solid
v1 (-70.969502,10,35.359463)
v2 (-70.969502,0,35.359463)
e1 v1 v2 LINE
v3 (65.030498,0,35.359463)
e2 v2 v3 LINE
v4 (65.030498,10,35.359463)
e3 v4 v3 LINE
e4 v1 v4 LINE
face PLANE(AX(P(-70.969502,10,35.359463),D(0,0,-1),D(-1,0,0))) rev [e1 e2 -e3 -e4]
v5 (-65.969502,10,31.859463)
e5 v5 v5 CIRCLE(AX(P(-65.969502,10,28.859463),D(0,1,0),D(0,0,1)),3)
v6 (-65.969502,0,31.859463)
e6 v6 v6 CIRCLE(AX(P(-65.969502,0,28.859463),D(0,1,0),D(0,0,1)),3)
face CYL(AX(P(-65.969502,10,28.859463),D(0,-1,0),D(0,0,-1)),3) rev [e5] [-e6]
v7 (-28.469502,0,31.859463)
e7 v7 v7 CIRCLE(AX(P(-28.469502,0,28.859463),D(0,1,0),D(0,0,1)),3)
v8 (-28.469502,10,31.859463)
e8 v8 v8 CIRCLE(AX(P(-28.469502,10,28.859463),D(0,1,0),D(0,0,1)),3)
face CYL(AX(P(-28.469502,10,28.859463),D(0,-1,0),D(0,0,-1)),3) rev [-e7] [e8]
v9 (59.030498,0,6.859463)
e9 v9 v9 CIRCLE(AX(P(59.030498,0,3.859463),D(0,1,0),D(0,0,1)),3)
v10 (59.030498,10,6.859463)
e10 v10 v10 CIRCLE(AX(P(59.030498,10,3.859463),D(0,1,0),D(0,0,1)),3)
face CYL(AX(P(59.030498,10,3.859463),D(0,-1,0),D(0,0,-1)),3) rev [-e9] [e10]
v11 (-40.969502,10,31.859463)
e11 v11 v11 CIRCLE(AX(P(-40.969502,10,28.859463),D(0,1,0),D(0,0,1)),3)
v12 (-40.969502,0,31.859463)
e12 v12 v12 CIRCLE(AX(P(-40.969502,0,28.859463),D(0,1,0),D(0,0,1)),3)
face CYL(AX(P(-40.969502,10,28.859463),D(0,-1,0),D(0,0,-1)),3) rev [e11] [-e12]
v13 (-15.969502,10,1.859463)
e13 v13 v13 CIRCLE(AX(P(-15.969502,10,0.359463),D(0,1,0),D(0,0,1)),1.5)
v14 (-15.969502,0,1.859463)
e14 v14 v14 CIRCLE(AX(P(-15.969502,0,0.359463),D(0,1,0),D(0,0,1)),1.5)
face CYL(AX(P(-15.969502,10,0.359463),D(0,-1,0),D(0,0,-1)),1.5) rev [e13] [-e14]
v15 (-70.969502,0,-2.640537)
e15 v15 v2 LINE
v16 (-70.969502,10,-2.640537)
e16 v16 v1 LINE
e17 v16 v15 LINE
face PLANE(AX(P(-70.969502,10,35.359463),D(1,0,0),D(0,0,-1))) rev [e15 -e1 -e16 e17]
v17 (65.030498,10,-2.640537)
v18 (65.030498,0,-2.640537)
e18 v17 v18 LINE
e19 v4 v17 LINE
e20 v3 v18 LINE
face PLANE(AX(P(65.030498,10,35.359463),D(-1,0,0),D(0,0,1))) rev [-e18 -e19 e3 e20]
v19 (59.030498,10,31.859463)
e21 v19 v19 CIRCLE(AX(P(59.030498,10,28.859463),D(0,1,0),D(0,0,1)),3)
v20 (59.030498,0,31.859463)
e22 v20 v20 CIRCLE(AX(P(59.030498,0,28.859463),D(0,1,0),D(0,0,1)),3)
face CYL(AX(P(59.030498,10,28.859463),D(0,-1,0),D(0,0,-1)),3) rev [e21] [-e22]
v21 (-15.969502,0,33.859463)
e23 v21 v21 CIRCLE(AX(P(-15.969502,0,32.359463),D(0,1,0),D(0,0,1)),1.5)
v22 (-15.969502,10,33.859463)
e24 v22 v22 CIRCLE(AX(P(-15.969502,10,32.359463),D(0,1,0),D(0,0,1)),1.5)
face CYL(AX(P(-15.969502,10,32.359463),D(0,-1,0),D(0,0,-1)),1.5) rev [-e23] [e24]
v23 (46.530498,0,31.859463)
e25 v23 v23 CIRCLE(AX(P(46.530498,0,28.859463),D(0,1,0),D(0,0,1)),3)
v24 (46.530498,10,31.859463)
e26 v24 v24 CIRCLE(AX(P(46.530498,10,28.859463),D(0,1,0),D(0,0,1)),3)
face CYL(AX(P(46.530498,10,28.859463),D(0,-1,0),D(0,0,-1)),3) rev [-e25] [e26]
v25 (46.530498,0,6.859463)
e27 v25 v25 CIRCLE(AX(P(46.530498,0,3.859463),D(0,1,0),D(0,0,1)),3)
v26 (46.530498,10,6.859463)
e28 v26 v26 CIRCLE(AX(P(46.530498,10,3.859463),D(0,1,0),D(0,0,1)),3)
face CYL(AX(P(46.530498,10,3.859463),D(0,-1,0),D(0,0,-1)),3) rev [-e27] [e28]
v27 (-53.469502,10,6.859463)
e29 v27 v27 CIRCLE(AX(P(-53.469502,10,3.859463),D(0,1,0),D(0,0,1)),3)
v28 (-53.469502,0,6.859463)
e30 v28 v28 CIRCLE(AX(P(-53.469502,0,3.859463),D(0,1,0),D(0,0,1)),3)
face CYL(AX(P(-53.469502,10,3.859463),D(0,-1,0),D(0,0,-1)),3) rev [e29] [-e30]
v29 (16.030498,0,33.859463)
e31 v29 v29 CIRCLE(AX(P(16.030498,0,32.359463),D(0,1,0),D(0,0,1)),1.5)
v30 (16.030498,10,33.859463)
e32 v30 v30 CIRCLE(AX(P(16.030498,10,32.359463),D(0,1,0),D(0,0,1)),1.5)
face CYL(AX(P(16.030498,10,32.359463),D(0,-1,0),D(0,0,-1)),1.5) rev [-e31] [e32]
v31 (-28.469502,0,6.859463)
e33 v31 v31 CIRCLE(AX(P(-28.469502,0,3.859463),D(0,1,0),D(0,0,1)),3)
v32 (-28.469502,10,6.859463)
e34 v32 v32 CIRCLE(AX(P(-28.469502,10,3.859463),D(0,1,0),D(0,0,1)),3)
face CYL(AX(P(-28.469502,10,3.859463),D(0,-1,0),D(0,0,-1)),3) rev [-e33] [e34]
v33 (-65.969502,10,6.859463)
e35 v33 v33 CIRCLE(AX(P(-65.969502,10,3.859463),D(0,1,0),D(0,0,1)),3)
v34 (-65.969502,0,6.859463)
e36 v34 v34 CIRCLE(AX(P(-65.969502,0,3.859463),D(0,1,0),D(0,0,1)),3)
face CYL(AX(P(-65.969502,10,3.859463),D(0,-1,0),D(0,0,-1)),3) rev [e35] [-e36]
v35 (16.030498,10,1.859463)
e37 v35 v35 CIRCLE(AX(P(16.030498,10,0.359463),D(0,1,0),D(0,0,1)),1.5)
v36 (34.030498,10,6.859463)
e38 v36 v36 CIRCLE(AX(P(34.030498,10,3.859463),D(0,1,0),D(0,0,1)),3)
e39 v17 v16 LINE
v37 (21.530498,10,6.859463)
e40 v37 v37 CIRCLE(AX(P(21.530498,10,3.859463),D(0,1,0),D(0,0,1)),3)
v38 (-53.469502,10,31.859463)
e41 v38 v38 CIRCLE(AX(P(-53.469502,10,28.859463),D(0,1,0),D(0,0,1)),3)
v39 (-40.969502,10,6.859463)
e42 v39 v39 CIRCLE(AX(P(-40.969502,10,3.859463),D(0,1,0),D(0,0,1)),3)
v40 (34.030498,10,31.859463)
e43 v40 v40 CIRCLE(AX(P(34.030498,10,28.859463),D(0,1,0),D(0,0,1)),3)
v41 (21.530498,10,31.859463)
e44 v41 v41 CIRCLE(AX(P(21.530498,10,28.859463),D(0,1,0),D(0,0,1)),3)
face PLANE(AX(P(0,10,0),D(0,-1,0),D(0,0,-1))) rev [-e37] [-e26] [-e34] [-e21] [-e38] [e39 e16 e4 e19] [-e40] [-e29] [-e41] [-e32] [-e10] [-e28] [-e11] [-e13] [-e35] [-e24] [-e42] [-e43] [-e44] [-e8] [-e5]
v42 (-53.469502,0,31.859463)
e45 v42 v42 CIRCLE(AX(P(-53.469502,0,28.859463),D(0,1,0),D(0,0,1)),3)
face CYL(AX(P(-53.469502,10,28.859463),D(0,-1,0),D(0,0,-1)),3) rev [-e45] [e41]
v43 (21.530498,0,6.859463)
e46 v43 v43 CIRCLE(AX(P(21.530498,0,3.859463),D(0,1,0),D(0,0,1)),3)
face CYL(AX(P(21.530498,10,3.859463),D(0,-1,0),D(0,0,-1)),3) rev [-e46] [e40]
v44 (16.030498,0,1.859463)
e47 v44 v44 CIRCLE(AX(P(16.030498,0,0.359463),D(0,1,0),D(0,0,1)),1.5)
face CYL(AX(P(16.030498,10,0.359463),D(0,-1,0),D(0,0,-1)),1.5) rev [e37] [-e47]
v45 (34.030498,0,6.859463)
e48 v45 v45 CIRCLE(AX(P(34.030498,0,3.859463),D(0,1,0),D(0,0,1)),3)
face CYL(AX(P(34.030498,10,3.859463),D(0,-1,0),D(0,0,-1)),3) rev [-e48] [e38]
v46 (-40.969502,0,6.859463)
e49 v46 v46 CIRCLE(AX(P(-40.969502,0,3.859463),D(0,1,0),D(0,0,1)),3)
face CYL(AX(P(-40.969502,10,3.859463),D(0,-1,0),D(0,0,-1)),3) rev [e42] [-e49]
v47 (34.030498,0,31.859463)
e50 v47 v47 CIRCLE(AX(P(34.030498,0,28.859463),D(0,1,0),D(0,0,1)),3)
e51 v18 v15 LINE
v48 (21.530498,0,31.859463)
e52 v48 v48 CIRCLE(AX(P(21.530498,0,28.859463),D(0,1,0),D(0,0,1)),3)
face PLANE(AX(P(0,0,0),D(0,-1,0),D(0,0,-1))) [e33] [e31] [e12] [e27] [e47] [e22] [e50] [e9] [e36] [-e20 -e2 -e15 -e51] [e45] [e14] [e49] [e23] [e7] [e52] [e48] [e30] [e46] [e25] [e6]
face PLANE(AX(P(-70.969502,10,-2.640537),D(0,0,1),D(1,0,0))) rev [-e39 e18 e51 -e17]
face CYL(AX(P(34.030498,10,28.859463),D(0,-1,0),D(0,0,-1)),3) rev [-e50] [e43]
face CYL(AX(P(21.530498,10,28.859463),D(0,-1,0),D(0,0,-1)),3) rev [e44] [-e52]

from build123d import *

# Parameters (mm, degrees)
SKETCH1_W           = 136
SKETCH1_H           = 38
SKETCH1_R           = 1.5
SKETCH1_R_2         = 3
BOSS_EXTRUDE1_DEPTH = 10


with BuildPart() as part:
    # Sketch1 → Boss-Extrude1 (new body)
    with BuildSketch(Plane(origin=(0, 0, 0), x_dir=(1, 0, 0), z_dir=(0, 1, 0))):
        with Locations((-2.969502184, -16.359463259)):
            Rectangle(SKETCH1_W, SKETCH1_H)
        with Locations(Location((-15.969502184, -0.359463259, 0), (0, 0, 270))):
            Circle(SKETCH1_R, mode=Mode.SUBTRACT)
        with Locations(Location((16.030497816, -0.359463259, 0), (0, 0, 270))):
            Circle(SKETCH1_R, mode=Mode.SUBTRACT)
        with Locations(Location((16.030497816, -32.359463259, 0), (0, 0, 270))):
            Circle(SKETCH1_R, mode=Mode.SUBTRACT)
        with Locations(Location((-15.969502184, -32.359463259, 0), (0, 0, 270))):
            Circle(SKETCH1_R, mode=Mode.SUBTRACT)
        with Locations(Location((-65.969502184, -3.859463259, 0), (0, 0, 270))):
            Circle(SKETCH1_R_2, mode=Mode.SUBTRACT)
        with Locations(Location((-40.969502184, -3.859463259, 0), (0, 0, 270))):
            Circle(SKETCH1_R_2, mode=Mode.SUBTRACT)
        with Locations(Location((-40.969502184, -28.859463259, 0), (0, 0, 270))):
            Circle(SKETCH1_R_2, mode=Mode.SUBTRACT)
        with Locations(Location((-65.969502184, -28.859463259, 0), (0, 0, 270))):
            Circle(SKETCH1_R_2, mode=Mode.SUBTRACT)
        with Locations(Location((-28.469502184, -28.859463259, 0), (0, 0, 270))):
            Circle(SKETCH1_R_2, mode=Mode.SUBTRACT)
        with Locations(Location((-53.469502184, -3.859463259, 0), (0, 0, 270))):
            Circle(SKETCH1_R_2, mode=Mode.SUBTRACT)
        with Locations(Location((-53.469502184, -28.859463259, 0), (0, 0, 270))):
            Circle(SKETCH1_R_2, mode=Mode.SUBTRACT)
        with Locations(Location((-28.469502184, -3.859463259, 0), (0, 0, 270))):
            Circle(SKETCH1_R_2, mode=Mode.SUBTRACT)
        with Locations(Location((34.030497816, -3.859463259, 0), (0, 0, 270))):
            Circle(SKETCH1_R_2, mode=Mode.SUBTRACT)
        with Locations(Location((59.030497816, -28.859463259, 0), (0, 0, 270))):
            Circle(SKETCH1_R_2, mode=Mode.SUBTRACT)
        with Locations(Location((59.030497816, -3.859463259, 0), (0, 0, 270))):
            Circle(SKETCH1_R_2, mode=Mode.SUBTRACT)
        with Locations(Location((34.030497816, -28.859463259, 0), (0, 0, 270))):
            Circle(SKETCH1_R_2, mode=Mode.SUBTRACT)
        with Locations(Location((21.530497816, -28.859463259, 0), (0, 0, 270))):
            Circle(SKETCH1_R_2, mode=Mode.SUBTRACT)
        with Locations(Location((46.530497816, -28.859463259, 0), (0, 0, 270))):
            Circle(SKETCH1_R_2, mode=Mode.SUBTRACT)
        with Locations(Location((21.530497816, -3.859463259, 0), (0, 0, 270))):
            Circle(SKETCH1_R_2, mode=Mode.SUBTRACT)
        with Locations(Location((46.530497816, -3.859463259, 0), (0, 0, 270))):
            Circle(SKETCH1_R_2, mode=Mode.SUBTRACT)
    extrude(amount=BOSS_EXTRUDE1_DEPTH)


solid = part.part
